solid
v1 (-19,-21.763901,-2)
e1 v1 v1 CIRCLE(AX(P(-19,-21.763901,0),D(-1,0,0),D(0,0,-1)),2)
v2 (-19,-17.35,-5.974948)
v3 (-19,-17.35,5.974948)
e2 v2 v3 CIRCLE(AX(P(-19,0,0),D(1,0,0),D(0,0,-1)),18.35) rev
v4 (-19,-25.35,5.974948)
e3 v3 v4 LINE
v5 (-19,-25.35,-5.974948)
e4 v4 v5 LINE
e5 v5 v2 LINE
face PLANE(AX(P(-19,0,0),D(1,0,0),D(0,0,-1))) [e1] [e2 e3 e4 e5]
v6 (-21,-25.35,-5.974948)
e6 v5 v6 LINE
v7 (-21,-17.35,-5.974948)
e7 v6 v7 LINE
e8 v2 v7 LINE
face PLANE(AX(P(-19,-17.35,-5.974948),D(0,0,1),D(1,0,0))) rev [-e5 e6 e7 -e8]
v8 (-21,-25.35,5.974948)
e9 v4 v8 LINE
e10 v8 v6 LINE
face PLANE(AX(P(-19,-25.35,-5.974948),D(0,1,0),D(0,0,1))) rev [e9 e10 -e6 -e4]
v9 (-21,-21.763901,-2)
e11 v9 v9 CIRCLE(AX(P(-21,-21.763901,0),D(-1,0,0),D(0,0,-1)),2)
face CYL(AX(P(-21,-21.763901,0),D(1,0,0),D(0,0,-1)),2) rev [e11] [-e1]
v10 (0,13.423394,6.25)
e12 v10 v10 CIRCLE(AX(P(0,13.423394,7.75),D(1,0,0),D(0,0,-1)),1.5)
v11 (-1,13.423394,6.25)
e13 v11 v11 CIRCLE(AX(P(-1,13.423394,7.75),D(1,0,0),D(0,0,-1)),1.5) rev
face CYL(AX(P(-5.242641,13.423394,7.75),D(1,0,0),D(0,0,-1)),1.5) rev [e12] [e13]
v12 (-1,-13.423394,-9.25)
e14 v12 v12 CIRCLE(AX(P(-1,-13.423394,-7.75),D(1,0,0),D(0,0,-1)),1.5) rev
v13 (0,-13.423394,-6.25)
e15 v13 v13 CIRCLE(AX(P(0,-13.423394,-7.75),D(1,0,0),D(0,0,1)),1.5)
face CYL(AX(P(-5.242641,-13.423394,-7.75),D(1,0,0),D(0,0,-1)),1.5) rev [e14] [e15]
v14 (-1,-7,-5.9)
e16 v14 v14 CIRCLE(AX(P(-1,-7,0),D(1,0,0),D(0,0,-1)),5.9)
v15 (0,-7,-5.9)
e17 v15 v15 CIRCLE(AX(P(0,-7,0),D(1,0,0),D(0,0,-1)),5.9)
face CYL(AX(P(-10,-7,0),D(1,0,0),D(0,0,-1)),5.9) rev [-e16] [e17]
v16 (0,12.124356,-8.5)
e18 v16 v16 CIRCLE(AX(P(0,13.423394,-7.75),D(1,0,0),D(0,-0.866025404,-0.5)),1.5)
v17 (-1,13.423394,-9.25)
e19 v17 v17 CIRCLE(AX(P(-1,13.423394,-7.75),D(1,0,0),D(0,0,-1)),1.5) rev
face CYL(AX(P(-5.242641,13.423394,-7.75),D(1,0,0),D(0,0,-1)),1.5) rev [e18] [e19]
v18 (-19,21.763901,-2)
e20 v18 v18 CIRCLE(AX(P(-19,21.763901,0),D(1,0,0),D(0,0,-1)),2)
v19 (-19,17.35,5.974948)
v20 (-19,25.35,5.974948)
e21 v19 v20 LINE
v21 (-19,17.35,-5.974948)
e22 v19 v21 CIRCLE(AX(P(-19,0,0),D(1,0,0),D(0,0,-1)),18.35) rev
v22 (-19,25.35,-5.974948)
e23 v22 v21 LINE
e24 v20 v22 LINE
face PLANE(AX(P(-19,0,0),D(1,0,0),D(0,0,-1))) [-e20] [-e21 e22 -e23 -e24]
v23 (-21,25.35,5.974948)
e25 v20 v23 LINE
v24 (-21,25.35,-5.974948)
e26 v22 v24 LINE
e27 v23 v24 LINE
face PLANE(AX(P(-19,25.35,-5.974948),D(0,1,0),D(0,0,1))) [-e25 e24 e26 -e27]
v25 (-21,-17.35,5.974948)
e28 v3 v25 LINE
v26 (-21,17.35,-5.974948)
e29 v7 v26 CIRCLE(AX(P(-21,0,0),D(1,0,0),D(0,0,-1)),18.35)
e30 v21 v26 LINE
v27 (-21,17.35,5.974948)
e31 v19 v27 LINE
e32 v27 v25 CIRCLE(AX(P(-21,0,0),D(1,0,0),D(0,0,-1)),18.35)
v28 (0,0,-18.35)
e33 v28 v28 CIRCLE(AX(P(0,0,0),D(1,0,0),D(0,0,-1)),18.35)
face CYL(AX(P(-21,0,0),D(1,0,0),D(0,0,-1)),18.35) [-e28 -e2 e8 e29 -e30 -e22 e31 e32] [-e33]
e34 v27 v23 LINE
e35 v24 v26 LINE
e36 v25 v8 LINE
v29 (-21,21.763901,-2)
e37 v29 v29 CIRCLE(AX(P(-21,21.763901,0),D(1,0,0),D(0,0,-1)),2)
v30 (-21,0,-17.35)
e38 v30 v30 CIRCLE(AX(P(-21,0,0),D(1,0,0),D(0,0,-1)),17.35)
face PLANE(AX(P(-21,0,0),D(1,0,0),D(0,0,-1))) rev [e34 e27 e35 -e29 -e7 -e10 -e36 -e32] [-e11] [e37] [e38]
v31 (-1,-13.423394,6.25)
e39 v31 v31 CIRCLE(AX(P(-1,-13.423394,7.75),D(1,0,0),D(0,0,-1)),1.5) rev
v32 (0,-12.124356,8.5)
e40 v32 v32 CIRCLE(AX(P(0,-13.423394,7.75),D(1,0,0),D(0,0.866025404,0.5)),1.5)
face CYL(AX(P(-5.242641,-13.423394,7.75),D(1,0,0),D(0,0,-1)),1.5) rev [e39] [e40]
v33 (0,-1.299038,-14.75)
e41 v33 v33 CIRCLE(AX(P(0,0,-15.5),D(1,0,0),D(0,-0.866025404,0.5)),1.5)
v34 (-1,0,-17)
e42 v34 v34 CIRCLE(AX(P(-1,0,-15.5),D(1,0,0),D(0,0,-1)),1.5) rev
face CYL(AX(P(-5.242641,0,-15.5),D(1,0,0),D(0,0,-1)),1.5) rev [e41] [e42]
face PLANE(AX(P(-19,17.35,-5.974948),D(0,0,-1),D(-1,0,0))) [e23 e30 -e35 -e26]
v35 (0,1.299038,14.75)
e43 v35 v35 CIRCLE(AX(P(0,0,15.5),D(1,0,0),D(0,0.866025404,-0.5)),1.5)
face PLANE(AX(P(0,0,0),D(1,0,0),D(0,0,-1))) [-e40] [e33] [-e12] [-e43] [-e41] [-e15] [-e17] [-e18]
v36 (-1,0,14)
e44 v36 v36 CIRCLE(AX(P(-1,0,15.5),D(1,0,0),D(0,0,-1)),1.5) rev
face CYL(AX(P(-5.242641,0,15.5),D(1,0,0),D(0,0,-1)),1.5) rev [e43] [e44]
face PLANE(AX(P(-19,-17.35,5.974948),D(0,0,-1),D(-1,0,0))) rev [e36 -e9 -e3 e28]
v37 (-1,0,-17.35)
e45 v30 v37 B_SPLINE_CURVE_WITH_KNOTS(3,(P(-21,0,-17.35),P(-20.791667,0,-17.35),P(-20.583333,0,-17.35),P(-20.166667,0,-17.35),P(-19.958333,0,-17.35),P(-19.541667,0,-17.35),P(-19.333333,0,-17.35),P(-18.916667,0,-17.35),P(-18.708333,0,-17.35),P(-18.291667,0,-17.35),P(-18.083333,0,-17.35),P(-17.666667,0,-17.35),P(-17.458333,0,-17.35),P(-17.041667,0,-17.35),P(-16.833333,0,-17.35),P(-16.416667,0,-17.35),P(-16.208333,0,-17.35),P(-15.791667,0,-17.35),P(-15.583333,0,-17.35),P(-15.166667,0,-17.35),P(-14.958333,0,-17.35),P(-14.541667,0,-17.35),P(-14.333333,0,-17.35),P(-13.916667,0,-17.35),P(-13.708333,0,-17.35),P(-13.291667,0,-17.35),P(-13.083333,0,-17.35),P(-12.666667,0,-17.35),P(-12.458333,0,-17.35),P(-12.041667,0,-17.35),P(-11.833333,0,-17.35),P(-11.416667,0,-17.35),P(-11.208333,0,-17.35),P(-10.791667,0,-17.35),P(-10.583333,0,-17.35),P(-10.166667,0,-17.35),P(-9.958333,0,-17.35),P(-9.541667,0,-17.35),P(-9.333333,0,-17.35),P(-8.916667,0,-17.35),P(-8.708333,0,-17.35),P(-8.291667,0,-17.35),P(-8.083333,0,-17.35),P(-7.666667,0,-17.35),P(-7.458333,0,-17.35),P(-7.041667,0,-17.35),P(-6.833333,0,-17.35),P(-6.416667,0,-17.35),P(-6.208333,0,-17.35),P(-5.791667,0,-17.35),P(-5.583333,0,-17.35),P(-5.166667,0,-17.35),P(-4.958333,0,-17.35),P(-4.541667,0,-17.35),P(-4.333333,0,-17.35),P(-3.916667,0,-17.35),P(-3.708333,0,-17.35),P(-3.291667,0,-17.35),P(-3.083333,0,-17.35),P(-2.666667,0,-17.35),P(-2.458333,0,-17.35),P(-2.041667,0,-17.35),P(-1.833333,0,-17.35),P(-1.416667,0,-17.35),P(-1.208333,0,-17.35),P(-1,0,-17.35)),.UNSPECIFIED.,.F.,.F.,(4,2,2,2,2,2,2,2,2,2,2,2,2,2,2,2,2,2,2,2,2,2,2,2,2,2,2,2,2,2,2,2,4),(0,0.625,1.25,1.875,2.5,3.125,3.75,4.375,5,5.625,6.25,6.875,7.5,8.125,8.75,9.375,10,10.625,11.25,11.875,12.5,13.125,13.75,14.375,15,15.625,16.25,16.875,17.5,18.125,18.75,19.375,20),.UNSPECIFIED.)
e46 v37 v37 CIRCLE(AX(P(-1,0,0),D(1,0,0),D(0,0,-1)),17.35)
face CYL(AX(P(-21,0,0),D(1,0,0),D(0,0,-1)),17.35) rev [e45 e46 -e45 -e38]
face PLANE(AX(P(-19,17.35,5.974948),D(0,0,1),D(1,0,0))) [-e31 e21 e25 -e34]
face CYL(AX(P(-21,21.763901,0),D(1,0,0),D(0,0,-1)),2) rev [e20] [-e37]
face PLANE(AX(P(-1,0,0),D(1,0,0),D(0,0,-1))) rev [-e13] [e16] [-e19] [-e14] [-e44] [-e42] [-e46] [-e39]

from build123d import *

# Parameters (mm, degrees)
SKETCH1_R           = 18.35
BOSS_EXTRUDE1_DEPTH = 21
SHELL1_T            = -1
SKETCH3_R           = 1.5
CUT_EXTRUDE2_DEPTH  = 1
CIRPATTERN1_COUNT   = 6
SKETCH4_R           = 5.9
CUT_EXTRUDE3_DEPTH  = 10
SKETCH5_W           = 11.949895398
SKETCH5_H           = 8
BOSS_EXTRUDE2_DEPTH = 2
SKETCH6_R           = 2
CUT_EXTRUDE4_DEPTH  = 2


with BuildPart() as part:
    # Sketch1 → Boss-Extrude1 (new body)
    with BuildSketch(Plane(origin=(0, 0, 0), x_dir=(0, 0, -1), z_dir=(1, 0, 0))):
        Circle(SKETCH1_R)
    extrude(amount=-BOSS_EXTRUDE1_DEPTH)

    # Shell1
    shell1_openings = [part.faces().sort_by_distance(p)[0] for p in [
        (-21, 0, 0),
    ]]
    offset(amount=SHELL1_T, openings=shell1_openings, kind=Kind.INTERSECTION)

    # Sketch3 → Cut-Extrude2 (cut)
    with BuildSketch(Plane(origin=(0, 0, 0), x_dir=(0, 0, -1), z_dir=(1, 0, 0))):
        with Locations((-7.75, 13.423393759)):
            Circle(SKETCH3_R)
    cut_extrude2 = extrude(amount=-CUT_EXTRUDE2_DEPTH, mode=Mode.SUBTRACT)

    # CirPattern1: Cut-Extrude2 ×6 about axis
    cirpattern1_axis = Axis((0, 0, 0), (1, 0, 0))
    for i in range(1, CIRPATTERN1_COUNT):
        add(cut_extrude2.rotate(cirpattern1_axis, i * 360 / CIRPATTERN1_COUNT), mode=Mode.SUBTRACT)

    # Sketch4 → Cut-Extrude3 (cut)
    with BuildSketch(Plane(origin=(0, 0, 0), x_dir=(0, 0, -1), z_dir=(1, 0, 0))):
        with Locations((0, -7)):
            Circle(SKETCH4_R)
    extrude(amount=-CUT_EXTRUDE3_DEPTH, mode=Mode.SUBTRACT)

    # Sketch5 → Boss-Extrude2 (add)
    with BuildSketch(Plane.ZY.offset(21)):
        with Locations((0, 21.35)):
            Rectangle(SKETCH5_W, SKETCH5_H)
    boss_extrude2 = extrude(amount=-BOSS_EXTRUDE2_DEPTH)

    # Sketch6 → Cut-Extrude4 (cut)
    with BuildSketch(Plane(origin=(-19, 0, 0), x_dir=(0, 0, -1), z_dir=(1, 0, 0))):
        with Locations((0, 21.763901495)):
            Circle(SKETCH6_R)
    cut_extrude4 = extrude(amount=-CUT_EXTRUDE4_DEPTH, mode=Mode.SUBTRACT)

    # Mirror1: Boss-Extrude2, Cut-Extrude4 across plane
    add(boss_extrude2.mirror(Plane.ZX))
    add(cut_extrude4.mirror(Plane.ZX), mode=Mode.SUBTRACT)


solid = part.part
